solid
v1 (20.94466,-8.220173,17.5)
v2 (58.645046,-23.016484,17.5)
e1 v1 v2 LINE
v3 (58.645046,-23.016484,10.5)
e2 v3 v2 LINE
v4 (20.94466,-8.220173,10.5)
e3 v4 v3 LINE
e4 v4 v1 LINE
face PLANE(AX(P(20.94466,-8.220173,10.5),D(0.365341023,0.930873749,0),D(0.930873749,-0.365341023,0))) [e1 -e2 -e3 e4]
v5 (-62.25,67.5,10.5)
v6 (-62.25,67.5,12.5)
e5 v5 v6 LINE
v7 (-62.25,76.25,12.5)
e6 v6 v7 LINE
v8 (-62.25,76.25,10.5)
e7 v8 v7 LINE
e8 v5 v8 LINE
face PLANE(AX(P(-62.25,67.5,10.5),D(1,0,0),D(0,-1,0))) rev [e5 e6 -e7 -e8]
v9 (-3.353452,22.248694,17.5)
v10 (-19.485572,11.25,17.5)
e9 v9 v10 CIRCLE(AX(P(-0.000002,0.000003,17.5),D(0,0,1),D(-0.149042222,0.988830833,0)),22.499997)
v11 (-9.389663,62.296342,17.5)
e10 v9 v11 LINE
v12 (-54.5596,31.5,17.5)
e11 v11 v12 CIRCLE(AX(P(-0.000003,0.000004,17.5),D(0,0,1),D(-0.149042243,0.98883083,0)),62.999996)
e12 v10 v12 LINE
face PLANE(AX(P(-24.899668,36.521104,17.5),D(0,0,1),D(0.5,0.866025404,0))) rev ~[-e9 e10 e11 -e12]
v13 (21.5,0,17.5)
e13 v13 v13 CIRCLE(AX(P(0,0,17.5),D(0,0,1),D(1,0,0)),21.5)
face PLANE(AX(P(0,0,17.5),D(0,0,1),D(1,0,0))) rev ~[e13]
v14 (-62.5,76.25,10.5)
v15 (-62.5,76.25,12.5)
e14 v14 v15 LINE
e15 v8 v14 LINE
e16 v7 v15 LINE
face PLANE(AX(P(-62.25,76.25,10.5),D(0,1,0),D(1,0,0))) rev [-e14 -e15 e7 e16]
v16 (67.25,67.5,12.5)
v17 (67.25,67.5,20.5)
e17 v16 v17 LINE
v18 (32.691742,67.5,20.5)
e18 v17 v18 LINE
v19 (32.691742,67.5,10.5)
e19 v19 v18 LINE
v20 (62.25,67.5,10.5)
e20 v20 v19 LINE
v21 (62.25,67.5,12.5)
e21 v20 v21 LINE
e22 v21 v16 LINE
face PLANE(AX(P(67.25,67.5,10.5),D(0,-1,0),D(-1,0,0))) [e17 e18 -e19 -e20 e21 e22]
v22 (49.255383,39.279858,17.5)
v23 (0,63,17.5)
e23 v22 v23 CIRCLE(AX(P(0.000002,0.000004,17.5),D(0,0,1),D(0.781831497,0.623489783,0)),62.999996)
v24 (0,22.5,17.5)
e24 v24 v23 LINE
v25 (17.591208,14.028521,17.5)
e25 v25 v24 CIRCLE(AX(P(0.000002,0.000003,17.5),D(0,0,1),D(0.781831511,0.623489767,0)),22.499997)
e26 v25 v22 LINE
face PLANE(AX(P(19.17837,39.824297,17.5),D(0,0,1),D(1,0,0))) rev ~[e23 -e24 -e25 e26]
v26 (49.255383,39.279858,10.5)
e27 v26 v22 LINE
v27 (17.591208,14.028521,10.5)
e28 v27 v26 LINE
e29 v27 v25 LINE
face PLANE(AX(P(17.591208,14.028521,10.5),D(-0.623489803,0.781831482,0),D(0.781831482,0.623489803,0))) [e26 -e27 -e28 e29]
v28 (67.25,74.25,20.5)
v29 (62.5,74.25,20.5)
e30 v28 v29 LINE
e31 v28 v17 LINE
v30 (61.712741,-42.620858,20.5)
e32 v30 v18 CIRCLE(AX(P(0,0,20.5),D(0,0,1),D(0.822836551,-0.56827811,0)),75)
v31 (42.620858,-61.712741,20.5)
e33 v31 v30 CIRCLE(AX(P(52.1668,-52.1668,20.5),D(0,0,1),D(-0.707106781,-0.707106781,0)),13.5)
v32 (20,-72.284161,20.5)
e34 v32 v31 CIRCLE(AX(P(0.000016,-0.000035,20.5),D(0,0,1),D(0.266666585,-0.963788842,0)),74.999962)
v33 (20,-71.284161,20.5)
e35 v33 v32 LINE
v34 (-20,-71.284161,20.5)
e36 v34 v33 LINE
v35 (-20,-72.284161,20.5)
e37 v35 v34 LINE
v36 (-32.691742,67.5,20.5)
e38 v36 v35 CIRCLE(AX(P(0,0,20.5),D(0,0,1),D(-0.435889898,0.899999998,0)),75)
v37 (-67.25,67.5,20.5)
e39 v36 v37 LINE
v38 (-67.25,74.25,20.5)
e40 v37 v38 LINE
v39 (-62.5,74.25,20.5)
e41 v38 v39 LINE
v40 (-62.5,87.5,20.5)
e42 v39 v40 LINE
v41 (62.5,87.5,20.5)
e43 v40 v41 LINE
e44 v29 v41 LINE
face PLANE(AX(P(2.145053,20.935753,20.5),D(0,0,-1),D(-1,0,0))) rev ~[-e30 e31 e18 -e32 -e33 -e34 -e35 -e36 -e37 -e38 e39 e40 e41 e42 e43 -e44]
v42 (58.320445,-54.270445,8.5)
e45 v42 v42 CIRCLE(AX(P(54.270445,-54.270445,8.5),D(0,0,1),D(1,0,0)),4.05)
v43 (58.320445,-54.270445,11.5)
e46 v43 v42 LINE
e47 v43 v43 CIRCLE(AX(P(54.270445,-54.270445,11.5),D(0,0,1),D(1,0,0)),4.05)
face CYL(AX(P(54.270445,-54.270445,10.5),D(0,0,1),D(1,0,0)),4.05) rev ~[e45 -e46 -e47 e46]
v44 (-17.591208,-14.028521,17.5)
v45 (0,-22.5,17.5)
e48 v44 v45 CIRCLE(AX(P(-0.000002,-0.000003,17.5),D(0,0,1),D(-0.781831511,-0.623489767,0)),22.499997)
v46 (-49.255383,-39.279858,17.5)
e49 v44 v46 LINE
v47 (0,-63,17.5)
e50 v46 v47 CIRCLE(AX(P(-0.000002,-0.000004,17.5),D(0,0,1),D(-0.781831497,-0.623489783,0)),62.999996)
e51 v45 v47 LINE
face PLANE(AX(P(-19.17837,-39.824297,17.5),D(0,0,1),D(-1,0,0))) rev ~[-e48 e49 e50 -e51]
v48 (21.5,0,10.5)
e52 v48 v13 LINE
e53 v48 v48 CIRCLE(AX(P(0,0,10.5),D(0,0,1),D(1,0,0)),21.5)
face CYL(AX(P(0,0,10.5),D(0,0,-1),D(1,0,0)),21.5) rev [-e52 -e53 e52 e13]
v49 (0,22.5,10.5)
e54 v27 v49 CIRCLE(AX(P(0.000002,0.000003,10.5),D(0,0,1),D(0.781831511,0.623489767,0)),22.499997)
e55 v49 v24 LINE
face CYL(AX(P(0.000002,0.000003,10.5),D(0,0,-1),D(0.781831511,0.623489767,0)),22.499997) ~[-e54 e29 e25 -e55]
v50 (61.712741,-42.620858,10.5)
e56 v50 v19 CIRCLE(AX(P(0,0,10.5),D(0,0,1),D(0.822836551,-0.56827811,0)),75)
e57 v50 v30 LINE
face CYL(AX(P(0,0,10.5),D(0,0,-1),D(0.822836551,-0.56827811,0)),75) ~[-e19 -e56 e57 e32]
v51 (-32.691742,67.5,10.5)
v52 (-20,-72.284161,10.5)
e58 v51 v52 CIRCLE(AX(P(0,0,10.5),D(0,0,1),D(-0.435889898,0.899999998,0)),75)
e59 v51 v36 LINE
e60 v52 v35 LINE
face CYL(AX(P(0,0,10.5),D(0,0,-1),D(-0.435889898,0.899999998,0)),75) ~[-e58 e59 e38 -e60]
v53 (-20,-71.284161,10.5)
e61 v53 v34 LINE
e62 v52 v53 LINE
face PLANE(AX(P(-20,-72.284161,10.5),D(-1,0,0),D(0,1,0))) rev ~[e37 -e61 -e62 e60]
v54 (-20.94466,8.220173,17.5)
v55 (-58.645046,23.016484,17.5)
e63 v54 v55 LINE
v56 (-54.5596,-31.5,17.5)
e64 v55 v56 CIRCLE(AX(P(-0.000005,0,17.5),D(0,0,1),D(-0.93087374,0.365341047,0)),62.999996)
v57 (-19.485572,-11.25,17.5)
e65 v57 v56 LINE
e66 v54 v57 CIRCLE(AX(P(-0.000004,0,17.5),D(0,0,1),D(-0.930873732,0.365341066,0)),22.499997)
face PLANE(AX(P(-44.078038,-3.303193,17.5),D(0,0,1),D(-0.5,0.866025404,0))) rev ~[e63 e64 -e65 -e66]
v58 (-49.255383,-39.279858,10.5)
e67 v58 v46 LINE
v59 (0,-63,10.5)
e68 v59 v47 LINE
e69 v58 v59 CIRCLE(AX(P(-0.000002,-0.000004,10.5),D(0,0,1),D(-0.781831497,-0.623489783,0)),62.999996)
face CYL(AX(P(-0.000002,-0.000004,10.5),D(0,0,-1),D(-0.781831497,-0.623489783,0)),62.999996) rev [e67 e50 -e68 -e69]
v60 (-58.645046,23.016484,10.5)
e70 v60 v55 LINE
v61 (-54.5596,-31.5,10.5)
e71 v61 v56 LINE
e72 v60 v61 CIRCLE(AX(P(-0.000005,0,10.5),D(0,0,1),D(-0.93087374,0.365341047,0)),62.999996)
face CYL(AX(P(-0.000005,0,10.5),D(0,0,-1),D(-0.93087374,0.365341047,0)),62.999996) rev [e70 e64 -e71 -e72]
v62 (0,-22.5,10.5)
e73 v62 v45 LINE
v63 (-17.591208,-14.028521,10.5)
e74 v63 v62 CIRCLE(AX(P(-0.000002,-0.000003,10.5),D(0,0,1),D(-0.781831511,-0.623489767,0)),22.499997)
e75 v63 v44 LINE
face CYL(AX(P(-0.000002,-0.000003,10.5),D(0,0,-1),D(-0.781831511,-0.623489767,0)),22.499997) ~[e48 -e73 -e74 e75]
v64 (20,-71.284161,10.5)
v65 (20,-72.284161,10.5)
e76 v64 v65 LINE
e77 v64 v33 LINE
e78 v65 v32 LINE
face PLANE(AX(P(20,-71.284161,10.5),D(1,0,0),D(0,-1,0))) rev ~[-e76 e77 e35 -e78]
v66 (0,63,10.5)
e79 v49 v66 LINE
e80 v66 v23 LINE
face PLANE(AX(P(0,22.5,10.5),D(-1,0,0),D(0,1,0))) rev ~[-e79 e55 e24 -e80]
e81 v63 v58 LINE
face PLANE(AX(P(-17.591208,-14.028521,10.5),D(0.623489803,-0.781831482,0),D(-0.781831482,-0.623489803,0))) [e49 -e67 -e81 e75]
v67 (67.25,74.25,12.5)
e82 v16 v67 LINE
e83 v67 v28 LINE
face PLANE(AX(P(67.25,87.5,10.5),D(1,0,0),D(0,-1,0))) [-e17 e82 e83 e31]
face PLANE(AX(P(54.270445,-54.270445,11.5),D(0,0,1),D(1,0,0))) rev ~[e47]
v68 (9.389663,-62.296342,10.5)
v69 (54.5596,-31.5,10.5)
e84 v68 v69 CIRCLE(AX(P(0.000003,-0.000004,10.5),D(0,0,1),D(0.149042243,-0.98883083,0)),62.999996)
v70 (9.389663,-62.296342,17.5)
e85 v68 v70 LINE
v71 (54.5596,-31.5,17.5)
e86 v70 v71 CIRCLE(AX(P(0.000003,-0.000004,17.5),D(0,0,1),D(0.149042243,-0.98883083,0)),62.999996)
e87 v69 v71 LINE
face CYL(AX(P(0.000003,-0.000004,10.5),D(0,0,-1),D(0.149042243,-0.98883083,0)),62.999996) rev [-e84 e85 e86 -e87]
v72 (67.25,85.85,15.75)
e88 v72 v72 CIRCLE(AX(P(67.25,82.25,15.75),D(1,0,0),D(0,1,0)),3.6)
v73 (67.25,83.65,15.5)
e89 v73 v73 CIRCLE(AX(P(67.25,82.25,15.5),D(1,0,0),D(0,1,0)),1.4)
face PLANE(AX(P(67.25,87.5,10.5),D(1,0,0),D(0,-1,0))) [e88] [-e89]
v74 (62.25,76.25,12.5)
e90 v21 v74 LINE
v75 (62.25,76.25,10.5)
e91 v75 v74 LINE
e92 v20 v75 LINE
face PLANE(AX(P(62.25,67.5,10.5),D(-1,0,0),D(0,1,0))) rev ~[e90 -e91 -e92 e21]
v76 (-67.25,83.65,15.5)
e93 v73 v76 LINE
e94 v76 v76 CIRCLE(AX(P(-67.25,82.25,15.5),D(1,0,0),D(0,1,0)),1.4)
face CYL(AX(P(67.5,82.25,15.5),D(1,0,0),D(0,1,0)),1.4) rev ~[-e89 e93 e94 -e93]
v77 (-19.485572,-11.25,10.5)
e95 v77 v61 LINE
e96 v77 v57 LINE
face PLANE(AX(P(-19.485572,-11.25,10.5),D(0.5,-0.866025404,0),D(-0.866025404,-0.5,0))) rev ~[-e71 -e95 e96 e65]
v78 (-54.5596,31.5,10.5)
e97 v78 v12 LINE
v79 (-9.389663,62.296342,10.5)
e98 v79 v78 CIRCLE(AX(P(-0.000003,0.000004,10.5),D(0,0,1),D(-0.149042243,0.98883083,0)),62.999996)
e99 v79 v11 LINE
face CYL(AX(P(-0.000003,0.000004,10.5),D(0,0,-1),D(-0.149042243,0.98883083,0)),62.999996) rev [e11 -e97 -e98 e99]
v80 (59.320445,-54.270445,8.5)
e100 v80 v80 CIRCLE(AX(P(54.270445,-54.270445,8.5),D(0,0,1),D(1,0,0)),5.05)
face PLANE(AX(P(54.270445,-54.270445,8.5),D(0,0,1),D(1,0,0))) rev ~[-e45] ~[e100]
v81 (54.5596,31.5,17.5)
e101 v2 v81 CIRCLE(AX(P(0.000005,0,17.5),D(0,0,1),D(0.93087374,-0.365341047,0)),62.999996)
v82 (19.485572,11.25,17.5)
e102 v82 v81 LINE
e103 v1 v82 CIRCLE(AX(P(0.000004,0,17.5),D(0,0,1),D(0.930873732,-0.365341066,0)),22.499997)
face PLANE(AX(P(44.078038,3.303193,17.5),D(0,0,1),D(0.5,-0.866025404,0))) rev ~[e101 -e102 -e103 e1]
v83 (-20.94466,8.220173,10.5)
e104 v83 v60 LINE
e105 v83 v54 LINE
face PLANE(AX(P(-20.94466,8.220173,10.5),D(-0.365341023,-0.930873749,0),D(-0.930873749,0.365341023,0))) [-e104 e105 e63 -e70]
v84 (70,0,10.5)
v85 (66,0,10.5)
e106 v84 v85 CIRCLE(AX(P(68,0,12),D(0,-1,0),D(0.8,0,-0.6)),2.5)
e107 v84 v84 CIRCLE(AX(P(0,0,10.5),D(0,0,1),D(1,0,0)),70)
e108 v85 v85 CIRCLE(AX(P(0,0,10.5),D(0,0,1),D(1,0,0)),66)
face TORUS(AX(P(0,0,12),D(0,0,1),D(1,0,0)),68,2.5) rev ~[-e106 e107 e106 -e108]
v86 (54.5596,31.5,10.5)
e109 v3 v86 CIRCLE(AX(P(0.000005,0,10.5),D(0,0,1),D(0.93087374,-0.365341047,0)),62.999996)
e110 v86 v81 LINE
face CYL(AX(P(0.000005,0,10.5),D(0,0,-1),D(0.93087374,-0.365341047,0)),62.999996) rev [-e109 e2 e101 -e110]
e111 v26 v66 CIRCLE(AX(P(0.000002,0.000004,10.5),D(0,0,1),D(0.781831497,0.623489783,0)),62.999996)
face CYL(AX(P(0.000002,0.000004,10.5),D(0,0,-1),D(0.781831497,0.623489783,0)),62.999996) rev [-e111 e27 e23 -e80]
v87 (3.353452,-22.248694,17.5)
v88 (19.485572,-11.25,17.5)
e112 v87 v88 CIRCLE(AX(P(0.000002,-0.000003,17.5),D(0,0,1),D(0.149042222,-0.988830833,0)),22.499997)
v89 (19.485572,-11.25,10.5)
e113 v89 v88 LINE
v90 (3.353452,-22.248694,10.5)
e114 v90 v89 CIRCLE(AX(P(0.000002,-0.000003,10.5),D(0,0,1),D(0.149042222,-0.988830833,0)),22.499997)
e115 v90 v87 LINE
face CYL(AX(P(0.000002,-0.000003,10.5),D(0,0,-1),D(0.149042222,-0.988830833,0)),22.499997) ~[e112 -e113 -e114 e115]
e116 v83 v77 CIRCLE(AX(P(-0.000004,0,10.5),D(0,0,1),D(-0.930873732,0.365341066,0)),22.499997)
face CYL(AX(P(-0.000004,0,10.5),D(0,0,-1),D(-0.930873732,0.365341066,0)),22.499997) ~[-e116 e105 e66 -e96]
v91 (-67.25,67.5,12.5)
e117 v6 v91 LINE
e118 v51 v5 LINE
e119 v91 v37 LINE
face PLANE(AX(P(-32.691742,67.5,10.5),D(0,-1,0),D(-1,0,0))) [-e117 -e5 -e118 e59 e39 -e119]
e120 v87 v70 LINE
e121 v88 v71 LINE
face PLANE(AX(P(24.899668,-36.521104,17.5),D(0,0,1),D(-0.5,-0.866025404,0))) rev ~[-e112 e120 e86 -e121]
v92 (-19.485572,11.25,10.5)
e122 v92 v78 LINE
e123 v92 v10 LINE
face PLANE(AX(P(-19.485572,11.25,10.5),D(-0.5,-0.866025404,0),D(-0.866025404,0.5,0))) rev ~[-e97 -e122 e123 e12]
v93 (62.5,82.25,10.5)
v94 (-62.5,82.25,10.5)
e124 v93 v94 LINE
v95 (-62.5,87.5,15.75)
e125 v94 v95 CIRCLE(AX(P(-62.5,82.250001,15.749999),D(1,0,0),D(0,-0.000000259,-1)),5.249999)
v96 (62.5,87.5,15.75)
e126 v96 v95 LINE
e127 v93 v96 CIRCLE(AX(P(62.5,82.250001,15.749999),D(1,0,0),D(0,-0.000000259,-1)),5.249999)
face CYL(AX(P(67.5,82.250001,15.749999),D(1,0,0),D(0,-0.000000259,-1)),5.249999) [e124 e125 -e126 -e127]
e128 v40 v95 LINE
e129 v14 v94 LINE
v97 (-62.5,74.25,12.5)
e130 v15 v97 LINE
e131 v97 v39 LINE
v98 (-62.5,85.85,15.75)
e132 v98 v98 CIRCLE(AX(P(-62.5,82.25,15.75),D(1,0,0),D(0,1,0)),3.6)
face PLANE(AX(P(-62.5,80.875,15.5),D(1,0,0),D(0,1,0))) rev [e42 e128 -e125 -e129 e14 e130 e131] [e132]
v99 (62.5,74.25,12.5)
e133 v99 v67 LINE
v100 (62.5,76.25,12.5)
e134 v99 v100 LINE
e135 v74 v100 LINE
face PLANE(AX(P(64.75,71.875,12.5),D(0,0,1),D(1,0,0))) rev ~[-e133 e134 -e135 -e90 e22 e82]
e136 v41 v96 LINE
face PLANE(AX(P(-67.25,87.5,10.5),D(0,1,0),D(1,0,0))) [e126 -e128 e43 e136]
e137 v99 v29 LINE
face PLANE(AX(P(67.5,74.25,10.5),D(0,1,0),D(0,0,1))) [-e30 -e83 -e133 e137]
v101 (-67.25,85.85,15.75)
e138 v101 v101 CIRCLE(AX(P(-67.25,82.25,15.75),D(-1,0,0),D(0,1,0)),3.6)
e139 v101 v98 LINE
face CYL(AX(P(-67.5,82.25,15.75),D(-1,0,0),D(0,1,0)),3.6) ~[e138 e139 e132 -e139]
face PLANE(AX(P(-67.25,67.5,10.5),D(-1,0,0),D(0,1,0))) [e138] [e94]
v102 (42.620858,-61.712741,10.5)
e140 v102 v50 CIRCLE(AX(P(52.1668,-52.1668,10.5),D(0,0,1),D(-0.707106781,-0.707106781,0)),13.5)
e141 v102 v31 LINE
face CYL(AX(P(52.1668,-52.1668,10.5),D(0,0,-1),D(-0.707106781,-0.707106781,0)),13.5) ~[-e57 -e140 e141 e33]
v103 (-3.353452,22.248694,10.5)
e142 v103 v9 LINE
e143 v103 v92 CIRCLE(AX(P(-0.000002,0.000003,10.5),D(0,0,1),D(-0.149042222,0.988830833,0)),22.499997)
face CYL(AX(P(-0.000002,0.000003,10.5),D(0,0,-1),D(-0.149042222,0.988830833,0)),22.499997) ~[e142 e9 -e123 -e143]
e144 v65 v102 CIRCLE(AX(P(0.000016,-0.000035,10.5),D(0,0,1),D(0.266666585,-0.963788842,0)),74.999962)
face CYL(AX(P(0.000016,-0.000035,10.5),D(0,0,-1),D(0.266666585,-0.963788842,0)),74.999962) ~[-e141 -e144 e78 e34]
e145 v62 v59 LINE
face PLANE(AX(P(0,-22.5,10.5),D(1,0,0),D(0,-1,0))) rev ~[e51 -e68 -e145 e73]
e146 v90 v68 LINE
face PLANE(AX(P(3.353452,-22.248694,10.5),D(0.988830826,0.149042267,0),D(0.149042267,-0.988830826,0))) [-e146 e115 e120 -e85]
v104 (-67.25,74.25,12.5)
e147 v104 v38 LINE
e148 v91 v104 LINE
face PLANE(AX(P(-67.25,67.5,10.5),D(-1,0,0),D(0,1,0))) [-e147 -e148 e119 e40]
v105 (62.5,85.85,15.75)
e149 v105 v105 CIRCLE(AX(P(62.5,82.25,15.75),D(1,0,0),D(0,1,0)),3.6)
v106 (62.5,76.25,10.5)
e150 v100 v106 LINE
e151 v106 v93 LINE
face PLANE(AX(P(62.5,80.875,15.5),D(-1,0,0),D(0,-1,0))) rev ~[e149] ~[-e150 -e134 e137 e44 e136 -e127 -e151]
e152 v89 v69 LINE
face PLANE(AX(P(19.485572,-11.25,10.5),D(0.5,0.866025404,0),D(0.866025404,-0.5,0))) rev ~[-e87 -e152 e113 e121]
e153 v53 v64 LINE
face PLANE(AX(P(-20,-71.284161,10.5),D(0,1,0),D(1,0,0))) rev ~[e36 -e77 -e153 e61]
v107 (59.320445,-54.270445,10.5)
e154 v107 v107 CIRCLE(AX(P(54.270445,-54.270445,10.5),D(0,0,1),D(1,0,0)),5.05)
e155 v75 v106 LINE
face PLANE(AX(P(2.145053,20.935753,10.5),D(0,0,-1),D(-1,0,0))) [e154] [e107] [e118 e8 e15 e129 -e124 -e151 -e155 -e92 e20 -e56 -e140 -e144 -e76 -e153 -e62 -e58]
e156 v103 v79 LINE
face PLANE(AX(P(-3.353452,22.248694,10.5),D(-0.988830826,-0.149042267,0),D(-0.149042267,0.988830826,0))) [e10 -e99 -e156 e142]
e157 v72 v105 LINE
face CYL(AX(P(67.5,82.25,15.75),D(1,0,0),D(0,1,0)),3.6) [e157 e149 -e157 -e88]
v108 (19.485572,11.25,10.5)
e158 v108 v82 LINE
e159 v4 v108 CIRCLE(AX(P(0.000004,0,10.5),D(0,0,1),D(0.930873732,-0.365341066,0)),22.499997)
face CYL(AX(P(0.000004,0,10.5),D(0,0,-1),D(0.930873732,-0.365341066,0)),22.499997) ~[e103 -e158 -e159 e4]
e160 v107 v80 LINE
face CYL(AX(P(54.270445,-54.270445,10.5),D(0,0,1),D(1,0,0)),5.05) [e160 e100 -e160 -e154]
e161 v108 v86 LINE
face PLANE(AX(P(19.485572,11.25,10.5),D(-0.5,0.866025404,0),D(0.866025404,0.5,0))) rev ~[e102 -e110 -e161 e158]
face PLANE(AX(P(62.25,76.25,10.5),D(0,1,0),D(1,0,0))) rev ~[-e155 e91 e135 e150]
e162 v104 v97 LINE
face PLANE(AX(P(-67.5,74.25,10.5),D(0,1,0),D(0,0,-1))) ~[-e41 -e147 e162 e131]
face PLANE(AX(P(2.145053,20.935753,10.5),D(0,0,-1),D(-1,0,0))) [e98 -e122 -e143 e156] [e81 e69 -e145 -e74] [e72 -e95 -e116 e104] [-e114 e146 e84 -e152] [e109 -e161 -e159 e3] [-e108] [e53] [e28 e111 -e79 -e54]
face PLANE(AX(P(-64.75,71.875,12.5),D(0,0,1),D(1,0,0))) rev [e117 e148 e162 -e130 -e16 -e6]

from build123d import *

# Parameters (mm, degrees)
PAD002_DEPTH       = 10
SKETCH027_R        = 3.6
POCKET001_DEPTH    = 5
POCKET004_DEPTH    = 7
POLARPATTERN_COUNT = 6
SKETCH032_R        = 21.5
POCKET005_DEPTH    = 7
POCKET006_DEPTH    = 142.501
SKETCH034_W        = 5
SKETCH034_H        = 8.75
POCKET007_DEPTH    = 2
SKETCH029_R        = 1.4
POCKET010_DEPTH    = 142.501
SKETCH077_R        = 4.05
POCKET021_DEPTH    = 3
SKETCH080_R        = 5.05
SKETCH080_R_2      = 4.05
PAD026_DEPTH       = 2


with BuildPart() as part:
    # Sketch026 → Pad002 (new body)
    with BuildSketch(Plane.XY):
        with BuildLine():
            Line((-32.691742, 67.5), (-67.25, 67.5))
            Line((-67.25, 67.5), (-67.25, 87.5))
            Line((-67.25, 87.5), (67.25, 87.5))
            Line((67.25, 87.5), (67.25, 67.5))
            Line((67.25, 67.5), (32.691742, 67.5))
            ThreePointArc((61.712741, -42.620858), (72.523806, 19.112758), (32.691742, 67.5))
            ThreePointArc((42.620858, -61.712741), (61.712741, -61.712741), (61.712741, -42.620858))
            ThreePointArc((20, -72.284161), (31.753452, -67.946437), (42.620858, -61.712741))
            Line((20, -71.284161), (20, -72.284161))
            Line((-20, -71.284161), (20, -71.284161))
            Line((-20, -72.284161), (-20, -71.284161))
            ThreePointArc((-32.691742, 67.5), (-74.692756, -6.78175), (-20, -72.284161))
        make_face()
    extrude(amount=PAD002_DEPTH)

    # Sketch027 (on DatumPlane) → Pocket001 (cut)
    with BuildSketch(Plane.YZ.offset(67.5)):
        Polygon((74.25, 10), (87.5, 10), (87.5, 0), (82.25, 0), (74.25, 0), align=None)
        with Locations((82.25, 5.25)):
            Circle(SKETCH027_R, mode=Mode.SUBTRACT)
    pocket001 = extrude(amount=-POCKET001_DEPTH, mode=Mode.SUBTRACT)

    # Mirrored002: Pocket001 across YZ
    add(pocket001.mirror(Plane.YZ), mode=Mode.SUBTRACT)

    # Sketch030 → Groove (revolve, cut)
    with BuildSketch(Plane.XZ):
        with BuildLine():
            ThreePointArc((70, 0), (68, 4), (66, 0))
            Line((66, 0), (70, 0))
        make_face()
    revolve(axis=Axis((0, 0, 0), (0, 0, 1)), mode=Mode.SUBTRACT)

    # Sketch031 → Pocket004 (cut)
    with BuildSketch(Plane.XY):
        with BuildLine():
            ThreePointArc((49.255383, 39.279858), (27.334676, 56.761039), (0, 63))
            Line((0, 22.5), (0, 63))
            ThreePointArc((17.591208, 14.028521), (9.762384, 20.2718), (0, 22.5))
            Line((17.591208, 14.028521), (49.255383, 39.279858))
        make_face()
    pocket004 = extrude(amount=POCKET004_DEPTH, mode=Mode.SUBTRACT)

    # PolarPattern: Pocket004 ×6 about axis
    polarpattern_axis = Axis((0, 0, 0), (0, 0, 1))
    for i in range(1, POLARPATTERN_COUNT):
        add(pocket004.rotate(polarpattern_axis, i * 360 / POLARPATTERN_COUNT), mode=Mode.SUBTRACT)

    # Sketch032 → Pocket005 (cut)
    with BuildSketch(Plane.XY):
        Circle(SKETCH032_R)
    extrude(amount=POCKET005_DEPTH, mode=Mode.SUBTRACT)

    # Sketch033 (on DatumPlane) → Pocket006 (cut, through all)
    with BuildSketch(Plane.YZ.offset(67.5)):
        with BuildLine():
            Line((82.25, 0), (87.5, 0))
            Line((87.5, 0), (87.5, 5.25))
            ThreePointArc((82.25, 0), (85.962311, 1.537689), (87.5, 5.25))
        make_face()
    extrude(amount=-POCKET006_DEPTH, mode=Mode.SUBTRACT)

    # Sketch034 → Pocket007 (cut)
    with BuildSketch(Plane.XY):
        with Locations((64.75, 71.875)):
            Rectangle(SKETCH034_W, SKETCH034_H)
    pocket007 = extrude(amount=POCKET007_DEPTH, mode=Mode.SUBTRACT)

    # Mirrored003: Pocket007 across YZ
    add(pocket007.mirror(Plane.YZ), mode=Mode.SUBTRACT)

    # Sketch029 (on DatumPlane) → Pocket010 (cut, through all)
    with BuildSketch(Plane.YZ.offset(67.5)):
        with Locations((82.25, 5)):
            Circle(SKETCH029_R)
    extrude(amount=-POCKET010_DEPTH, mode=Mode.SUBTRACT)

    # Sketch077 (on DatumPlane) → Pocket021 (cut)
    with BuildSketch(Plane.XY.offset(-2)):
        with Locations((54.270445, -54.270445)):
            Circle(SKETCH077_R)
    extrude(amount=POCKET021_DEPTH, mode=Mode.SUBTRACT)

    # Sketch080 → Pad026 (join)
    with BuildSketch(Plane.XY):
        with Locations((54.270445, -54.270445)):
            Circle(SKETCH080_R)
        with Locations((54.270445, -54.270445)):
            Circle(SKETCH080_R_2, mode=Mode.SUBTRACT)
    extrude(amount=-PAD026_DEPTH)


with BuildPart() as part_1:
    # Body placement: moved
    add(part.part.moved(Location((0, 0, 10.5))))


solid = part_1.part
